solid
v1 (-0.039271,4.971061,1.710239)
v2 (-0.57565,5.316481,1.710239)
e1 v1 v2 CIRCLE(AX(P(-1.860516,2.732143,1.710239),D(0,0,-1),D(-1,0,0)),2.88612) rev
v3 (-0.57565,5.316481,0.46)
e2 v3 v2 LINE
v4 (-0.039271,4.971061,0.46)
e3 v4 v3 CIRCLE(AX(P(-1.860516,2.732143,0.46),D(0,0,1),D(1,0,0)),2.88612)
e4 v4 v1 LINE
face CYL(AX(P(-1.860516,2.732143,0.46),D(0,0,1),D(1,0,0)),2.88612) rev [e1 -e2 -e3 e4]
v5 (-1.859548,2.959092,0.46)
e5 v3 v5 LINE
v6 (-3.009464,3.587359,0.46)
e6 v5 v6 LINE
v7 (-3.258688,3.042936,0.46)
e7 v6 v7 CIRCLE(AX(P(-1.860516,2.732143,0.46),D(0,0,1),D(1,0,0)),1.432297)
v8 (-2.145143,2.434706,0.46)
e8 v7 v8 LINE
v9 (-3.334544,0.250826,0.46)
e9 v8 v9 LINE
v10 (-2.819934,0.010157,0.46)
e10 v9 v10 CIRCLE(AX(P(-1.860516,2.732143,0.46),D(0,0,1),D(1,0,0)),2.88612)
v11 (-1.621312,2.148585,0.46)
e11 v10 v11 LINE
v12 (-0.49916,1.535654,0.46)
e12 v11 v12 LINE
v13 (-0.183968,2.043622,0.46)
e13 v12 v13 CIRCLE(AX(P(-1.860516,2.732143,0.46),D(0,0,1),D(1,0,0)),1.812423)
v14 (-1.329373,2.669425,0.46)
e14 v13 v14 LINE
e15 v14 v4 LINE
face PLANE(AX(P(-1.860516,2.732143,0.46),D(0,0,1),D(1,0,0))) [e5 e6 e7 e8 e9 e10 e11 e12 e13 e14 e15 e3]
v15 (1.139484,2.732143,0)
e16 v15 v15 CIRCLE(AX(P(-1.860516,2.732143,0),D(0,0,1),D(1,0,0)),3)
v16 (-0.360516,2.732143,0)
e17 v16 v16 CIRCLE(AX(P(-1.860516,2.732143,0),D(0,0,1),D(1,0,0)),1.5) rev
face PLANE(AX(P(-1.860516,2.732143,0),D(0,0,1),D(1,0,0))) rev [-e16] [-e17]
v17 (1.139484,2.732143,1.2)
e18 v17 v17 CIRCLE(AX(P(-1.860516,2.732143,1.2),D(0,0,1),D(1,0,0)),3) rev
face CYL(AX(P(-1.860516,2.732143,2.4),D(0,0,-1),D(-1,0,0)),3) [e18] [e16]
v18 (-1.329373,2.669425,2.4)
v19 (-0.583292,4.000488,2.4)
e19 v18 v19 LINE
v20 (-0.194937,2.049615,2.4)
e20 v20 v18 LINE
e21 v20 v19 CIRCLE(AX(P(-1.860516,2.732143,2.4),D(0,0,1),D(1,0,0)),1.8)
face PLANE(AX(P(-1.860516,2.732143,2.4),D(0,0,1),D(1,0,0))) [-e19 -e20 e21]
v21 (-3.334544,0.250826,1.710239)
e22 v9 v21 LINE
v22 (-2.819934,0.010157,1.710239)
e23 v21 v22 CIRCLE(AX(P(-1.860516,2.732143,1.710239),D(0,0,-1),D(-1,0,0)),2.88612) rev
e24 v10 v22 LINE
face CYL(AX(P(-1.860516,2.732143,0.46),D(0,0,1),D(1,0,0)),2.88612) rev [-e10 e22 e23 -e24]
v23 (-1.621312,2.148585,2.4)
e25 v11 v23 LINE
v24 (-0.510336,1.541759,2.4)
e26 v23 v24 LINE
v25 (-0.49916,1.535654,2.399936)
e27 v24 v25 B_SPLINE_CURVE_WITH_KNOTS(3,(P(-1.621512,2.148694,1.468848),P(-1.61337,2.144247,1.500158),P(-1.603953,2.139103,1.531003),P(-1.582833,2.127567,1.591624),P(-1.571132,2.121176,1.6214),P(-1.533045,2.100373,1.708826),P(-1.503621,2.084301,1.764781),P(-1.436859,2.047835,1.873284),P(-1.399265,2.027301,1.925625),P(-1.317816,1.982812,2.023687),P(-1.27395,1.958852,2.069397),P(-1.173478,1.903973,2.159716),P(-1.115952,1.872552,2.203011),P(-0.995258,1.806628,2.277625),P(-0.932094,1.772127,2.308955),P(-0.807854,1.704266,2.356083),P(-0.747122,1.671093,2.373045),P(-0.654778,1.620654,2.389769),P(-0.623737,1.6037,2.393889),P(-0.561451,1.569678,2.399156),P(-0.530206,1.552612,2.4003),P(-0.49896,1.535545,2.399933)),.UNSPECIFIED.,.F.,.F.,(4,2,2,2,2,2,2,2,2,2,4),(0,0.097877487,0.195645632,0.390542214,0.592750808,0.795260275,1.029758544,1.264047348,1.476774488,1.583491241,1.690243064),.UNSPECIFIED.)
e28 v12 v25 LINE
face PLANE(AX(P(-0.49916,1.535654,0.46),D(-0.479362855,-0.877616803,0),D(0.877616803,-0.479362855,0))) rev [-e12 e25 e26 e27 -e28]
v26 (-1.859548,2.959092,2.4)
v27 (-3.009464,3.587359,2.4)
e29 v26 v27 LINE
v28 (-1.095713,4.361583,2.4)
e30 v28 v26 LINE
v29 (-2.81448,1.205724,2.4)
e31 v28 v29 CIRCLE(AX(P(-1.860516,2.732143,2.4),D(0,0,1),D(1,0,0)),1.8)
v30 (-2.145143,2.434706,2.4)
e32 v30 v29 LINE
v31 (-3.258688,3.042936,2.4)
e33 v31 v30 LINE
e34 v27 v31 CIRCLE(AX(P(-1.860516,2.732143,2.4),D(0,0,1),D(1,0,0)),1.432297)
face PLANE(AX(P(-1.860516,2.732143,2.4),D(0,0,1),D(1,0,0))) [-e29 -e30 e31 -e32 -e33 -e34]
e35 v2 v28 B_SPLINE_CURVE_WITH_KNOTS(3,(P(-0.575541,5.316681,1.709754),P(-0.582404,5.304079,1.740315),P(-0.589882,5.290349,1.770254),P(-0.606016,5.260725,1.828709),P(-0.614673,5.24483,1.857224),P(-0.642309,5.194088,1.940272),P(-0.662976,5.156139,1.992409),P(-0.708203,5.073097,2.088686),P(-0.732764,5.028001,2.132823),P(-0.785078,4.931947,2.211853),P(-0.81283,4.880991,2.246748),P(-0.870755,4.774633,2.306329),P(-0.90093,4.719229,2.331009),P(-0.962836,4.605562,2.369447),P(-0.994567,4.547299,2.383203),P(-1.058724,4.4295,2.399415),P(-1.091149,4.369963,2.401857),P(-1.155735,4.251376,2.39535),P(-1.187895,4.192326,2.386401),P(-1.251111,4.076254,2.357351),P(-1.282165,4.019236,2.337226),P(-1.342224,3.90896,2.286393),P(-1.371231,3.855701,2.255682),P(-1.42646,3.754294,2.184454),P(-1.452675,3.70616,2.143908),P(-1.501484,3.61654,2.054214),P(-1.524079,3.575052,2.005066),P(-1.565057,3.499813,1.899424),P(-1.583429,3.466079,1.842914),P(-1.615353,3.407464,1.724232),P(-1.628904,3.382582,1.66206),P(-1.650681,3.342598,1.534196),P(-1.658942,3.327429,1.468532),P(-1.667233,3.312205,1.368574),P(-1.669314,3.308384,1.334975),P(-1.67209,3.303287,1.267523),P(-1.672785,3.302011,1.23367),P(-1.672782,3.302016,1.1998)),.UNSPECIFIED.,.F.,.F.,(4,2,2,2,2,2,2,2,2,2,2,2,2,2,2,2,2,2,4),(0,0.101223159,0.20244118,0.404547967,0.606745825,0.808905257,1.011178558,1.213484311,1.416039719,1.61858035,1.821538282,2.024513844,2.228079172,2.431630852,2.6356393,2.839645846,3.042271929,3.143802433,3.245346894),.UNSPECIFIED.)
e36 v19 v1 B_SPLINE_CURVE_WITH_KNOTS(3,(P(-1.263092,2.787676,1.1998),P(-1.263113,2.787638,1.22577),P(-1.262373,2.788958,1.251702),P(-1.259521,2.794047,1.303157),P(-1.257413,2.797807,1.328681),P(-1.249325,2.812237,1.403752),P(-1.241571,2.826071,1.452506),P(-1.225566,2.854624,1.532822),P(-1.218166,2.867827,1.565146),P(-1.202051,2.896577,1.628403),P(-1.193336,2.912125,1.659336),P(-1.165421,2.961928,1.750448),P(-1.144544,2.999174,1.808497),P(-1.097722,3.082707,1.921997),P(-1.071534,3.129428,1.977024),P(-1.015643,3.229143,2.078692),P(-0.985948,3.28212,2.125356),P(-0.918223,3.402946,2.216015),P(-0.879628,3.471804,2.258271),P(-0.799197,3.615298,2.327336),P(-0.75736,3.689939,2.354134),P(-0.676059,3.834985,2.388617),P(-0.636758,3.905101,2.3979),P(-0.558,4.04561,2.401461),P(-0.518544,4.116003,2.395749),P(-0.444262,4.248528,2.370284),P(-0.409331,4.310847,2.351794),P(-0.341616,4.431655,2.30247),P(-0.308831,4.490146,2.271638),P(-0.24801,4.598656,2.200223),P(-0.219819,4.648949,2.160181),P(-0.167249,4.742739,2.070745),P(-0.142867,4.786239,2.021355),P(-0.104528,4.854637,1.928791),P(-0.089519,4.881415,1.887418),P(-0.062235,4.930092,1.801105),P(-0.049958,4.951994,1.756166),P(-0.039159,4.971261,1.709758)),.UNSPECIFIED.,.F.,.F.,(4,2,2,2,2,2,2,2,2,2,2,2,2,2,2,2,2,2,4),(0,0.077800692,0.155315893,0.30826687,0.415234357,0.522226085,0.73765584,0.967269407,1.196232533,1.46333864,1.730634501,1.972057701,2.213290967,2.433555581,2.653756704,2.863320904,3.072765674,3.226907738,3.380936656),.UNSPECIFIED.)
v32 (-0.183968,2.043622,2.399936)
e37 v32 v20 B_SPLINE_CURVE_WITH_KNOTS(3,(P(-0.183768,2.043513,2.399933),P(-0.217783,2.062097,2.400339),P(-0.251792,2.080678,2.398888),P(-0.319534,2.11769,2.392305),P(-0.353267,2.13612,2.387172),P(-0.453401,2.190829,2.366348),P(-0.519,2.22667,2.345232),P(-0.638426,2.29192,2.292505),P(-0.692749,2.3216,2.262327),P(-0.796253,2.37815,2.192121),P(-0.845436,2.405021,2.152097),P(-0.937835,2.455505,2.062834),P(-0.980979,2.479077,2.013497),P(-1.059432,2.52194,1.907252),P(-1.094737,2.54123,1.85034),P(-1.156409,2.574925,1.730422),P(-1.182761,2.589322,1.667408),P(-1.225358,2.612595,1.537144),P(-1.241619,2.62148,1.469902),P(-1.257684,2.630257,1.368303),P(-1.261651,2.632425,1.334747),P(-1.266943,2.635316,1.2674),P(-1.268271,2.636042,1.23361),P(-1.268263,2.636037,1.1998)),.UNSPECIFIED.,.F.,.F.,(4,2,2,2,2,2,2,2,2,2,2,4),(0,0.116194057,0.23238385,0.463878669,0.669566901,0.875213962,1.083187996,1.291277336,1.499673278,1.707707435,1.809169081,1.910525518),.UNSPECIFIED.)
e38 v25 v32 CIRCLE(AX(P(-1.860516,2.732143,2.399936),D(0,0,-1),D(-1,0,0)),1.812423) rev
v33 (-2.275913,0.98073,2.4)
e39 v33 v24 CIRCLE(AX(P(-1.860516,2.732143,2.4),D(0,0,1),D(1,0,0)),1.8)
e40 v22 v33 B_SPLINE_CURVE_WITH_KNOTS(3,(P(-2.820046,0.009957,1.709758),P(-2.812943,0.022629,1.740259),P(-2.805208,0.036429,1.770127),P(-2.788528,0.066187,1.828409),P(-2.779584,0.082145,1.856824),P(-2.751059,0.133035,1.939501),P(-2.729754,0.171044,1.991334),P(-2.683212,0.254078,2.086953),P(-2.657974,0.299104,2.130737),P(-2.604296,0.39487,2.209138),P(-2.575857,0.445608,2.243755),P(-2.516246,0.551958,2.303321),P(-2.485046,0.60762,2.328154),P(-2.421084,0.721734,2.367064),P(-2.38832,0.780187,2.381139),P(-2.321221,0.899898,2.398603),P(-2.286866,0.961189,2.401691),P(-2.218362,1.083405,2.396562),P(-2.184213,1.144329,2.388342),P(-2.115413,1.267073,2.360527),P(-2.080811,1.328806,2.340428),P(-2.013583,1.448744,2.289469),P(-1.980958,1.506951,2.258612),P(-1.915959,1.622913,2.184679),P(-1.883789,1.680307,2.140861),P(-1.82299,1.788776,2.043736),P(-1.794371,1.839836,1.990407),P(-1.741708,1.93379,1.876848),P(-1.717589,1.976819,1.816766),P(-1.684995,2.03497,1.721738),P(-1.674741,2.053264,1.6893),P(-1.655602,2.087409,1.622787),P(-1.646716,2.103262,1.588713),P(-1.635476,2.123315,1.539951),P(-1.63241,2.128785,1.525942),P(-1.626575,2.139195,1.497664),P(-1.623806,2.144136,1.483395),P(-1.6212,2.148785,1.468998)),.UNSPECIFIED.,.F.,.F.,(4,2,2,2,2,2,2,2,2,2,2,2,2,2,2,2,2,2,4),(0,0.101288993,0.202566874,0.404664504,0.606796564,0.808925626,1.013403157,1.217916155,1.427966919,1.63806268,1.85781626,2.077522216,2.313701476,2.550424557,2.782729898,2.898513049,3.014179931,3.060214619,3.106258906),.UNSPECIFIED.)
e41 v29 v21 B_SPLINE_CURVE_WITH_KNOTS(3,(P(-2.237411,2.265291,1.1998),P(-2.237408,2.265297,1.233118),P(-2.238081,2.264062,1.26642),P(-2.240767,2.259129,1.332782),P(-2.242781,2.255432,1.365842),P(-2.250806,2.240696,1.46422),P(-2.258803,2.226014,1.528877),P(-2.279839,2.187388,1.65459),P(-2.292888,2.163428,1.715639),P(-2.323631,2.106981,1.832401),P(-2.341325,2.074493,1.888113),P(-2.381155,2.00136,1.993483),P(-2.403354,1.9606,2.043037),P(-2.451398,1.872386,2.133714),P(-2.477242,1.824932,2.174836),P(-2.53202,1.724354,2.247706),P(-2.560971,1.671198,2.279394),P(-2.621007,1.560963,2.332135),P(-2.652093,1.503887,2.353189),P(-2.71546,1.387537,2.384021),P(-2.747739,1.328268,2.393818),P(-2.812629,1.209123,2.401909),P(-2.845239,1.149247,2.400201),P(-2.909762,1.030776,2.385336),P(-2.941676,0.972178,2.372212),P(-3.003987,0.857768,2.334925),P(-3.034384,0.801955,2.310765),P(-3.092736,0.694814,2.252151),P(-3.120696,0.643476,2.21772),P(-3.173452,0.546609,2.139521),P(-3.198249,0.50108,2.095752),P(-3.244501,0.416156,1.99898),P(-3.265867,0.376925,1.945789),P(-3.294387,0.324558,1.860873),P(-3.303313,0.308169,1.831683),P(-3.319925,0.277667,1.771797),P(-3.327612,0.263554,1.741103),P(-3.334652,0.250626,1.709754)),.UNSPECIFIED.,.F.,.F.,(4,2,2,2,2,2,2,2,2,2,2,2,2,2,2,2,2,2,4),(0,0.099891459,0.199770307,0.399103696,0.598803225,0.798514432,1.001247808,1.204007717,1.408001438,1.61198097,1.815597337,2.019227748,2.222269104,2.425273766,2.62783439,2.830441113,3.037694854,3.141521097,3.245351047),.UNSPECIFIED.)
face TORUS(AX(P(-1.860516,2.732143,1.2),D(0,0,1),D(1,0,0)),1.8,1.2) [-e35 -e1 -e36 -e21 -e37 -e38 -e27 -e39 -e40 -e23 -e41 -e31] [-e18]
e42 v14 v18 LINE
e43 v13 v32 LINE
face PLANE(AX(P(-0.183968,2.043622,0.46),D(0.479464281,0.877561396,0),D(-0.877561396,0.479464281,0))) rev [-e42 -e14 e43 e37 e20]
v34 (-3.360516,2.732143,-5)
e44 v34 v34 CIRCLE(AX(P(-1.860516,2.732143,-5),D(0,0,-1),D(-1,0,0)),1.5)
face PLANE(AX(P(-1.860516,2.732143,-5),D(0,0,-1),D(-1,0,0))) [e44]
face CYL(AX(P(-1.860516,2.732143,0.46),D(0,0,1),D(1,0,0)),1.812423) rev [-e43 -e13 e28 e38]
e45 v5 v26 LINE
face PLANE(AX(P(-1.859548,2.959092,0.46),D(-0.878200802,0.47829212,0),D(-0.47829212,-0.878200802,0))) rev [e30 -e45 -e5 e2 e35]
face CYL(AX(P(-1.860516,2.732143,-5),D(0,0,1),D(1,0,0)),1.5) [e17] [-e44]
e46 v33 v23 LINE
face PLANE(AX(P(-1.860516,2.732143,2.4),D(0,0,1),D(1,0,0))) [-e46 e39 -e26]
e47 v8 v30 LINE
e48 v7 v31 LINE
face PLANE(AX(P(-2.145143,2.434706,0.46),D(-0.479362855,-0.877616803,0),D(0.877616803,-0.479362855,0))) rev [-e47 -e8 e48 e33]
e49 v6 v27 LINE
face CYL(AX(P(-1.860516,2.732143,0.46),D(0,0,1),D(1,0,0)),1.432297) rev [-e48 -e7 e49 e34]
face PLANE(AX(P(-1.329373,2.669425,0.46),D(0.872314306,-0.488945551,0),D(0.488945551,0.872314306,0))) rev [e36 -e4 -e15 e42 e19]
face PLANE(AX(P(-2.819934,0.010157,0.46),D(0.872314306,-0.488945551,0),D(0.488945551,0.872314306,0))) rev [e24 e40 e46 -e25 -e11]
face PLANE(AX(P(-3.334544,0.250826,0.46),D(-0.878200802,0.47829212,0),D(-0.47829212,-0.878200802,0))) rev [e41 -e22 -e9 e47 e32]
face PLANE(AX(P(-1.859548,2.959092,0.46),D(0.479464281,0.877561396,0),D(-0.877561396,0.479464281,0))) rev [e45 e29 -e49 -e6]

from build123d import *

# Parameters (mm, degrees)
SZKIC1_R                    = 3
DODANIE_WYCI_GNI_CIE2_DEPTH = 2.4
SZKIC2_R                    = 1.5
DODANIE_WYCI_GNI_CIE3_DEPTH = 5
ZAOKR_GLENIE2_R             = 1.2
WYTNIJ_WYCI_GNI_CIE1_DEPTH  = 1.94


with BuildPart() as part:
    # Szkic1 → Dodanie-wyciągnięcie2 (new body)
    with BuildSketch(Plane.XY):
        with Locations((-1.860516246, 2.732142857)):
            Circle(SZKIC1_R)
    extrude(amount=DODANIE_WYCI_GNI_CIE2_DEPTH)

    # Szkic2 → Dodanie-wyciągnięcie3 (add)
    with BuildSketch(Plane(origin=(0, 0, 0), x_dir=(-1, 0, 0), z_dir=(0, 0, -1))):
        with Locations((1.860516246, 2.732142857)):
            Circle(SZKIC2_R)
    extrude(amount=DODANIE_WYCI_GNI_CIE3_DEPTH)

    # Zaokrąglenie2
    zaokr_glenie2_edges = [part.edges().sort_by_distance(p)[0] for p in [
        (-4.860516246, 2.732142857, 2.4),
    ]]
    fillet(zaokr_glenie2_edges, radius=ZAOKR_GLENIE2_R)

    # Szkic3 → Wytnij-wyciągnięcie1 (cut)
    with BuildSketch(Plane.XY.offset(2.4)):
        with BuildLine():
            Line((-1.859548318, 2.959091853), (-0.575649693, 5.316481314))
            ThreePointArc((-0.575649693, 5.316481314), (-0.297886623, 5.158637444), (-0.039271083, 4.97106076))
            Line((-0.039271083, 4.97106076), (-1.329373025, 2.669425378))
            Line((-1.329373025, 2.669425378), (-0.183967515, 2.043621837))
            ThreePointArc((-0.183967515, 2.043621837), (-0.320475658, 1.776553075), (-0.499159616, 1.535654258))
            Line((-0.499159616, 1.535654258), (-1.621312108, 2.148584891))
            Line((-1.621312108, 2.148584891), (-2.819933608, 0.01015725))
            ThreePointArc((-2.819933608, 0.01015725), (-3.083174674, 0.117799023), (-3.33454353, 0.250826496))
            Line((-3.33454353, 0.250826496), (-2.145142944, 2.434706401))
            Line((-2.145142944, 2.434706401), (-3.258687897, 3.042935511))
            ThreePointArc((-3.258687897, 3.042935511), (-3.162842423, 3.328316127), (-3.009463836, 3.587359481))
            Line((-3.009463836, 3.587359481), (-1.859548318, 2.959091853))
        make_face()
    extrude(amount=-WYTNIJ_WYCI_GNI_CIE1_DEPTH, mode=Mode.SUBTRACT)


solid = part.part
